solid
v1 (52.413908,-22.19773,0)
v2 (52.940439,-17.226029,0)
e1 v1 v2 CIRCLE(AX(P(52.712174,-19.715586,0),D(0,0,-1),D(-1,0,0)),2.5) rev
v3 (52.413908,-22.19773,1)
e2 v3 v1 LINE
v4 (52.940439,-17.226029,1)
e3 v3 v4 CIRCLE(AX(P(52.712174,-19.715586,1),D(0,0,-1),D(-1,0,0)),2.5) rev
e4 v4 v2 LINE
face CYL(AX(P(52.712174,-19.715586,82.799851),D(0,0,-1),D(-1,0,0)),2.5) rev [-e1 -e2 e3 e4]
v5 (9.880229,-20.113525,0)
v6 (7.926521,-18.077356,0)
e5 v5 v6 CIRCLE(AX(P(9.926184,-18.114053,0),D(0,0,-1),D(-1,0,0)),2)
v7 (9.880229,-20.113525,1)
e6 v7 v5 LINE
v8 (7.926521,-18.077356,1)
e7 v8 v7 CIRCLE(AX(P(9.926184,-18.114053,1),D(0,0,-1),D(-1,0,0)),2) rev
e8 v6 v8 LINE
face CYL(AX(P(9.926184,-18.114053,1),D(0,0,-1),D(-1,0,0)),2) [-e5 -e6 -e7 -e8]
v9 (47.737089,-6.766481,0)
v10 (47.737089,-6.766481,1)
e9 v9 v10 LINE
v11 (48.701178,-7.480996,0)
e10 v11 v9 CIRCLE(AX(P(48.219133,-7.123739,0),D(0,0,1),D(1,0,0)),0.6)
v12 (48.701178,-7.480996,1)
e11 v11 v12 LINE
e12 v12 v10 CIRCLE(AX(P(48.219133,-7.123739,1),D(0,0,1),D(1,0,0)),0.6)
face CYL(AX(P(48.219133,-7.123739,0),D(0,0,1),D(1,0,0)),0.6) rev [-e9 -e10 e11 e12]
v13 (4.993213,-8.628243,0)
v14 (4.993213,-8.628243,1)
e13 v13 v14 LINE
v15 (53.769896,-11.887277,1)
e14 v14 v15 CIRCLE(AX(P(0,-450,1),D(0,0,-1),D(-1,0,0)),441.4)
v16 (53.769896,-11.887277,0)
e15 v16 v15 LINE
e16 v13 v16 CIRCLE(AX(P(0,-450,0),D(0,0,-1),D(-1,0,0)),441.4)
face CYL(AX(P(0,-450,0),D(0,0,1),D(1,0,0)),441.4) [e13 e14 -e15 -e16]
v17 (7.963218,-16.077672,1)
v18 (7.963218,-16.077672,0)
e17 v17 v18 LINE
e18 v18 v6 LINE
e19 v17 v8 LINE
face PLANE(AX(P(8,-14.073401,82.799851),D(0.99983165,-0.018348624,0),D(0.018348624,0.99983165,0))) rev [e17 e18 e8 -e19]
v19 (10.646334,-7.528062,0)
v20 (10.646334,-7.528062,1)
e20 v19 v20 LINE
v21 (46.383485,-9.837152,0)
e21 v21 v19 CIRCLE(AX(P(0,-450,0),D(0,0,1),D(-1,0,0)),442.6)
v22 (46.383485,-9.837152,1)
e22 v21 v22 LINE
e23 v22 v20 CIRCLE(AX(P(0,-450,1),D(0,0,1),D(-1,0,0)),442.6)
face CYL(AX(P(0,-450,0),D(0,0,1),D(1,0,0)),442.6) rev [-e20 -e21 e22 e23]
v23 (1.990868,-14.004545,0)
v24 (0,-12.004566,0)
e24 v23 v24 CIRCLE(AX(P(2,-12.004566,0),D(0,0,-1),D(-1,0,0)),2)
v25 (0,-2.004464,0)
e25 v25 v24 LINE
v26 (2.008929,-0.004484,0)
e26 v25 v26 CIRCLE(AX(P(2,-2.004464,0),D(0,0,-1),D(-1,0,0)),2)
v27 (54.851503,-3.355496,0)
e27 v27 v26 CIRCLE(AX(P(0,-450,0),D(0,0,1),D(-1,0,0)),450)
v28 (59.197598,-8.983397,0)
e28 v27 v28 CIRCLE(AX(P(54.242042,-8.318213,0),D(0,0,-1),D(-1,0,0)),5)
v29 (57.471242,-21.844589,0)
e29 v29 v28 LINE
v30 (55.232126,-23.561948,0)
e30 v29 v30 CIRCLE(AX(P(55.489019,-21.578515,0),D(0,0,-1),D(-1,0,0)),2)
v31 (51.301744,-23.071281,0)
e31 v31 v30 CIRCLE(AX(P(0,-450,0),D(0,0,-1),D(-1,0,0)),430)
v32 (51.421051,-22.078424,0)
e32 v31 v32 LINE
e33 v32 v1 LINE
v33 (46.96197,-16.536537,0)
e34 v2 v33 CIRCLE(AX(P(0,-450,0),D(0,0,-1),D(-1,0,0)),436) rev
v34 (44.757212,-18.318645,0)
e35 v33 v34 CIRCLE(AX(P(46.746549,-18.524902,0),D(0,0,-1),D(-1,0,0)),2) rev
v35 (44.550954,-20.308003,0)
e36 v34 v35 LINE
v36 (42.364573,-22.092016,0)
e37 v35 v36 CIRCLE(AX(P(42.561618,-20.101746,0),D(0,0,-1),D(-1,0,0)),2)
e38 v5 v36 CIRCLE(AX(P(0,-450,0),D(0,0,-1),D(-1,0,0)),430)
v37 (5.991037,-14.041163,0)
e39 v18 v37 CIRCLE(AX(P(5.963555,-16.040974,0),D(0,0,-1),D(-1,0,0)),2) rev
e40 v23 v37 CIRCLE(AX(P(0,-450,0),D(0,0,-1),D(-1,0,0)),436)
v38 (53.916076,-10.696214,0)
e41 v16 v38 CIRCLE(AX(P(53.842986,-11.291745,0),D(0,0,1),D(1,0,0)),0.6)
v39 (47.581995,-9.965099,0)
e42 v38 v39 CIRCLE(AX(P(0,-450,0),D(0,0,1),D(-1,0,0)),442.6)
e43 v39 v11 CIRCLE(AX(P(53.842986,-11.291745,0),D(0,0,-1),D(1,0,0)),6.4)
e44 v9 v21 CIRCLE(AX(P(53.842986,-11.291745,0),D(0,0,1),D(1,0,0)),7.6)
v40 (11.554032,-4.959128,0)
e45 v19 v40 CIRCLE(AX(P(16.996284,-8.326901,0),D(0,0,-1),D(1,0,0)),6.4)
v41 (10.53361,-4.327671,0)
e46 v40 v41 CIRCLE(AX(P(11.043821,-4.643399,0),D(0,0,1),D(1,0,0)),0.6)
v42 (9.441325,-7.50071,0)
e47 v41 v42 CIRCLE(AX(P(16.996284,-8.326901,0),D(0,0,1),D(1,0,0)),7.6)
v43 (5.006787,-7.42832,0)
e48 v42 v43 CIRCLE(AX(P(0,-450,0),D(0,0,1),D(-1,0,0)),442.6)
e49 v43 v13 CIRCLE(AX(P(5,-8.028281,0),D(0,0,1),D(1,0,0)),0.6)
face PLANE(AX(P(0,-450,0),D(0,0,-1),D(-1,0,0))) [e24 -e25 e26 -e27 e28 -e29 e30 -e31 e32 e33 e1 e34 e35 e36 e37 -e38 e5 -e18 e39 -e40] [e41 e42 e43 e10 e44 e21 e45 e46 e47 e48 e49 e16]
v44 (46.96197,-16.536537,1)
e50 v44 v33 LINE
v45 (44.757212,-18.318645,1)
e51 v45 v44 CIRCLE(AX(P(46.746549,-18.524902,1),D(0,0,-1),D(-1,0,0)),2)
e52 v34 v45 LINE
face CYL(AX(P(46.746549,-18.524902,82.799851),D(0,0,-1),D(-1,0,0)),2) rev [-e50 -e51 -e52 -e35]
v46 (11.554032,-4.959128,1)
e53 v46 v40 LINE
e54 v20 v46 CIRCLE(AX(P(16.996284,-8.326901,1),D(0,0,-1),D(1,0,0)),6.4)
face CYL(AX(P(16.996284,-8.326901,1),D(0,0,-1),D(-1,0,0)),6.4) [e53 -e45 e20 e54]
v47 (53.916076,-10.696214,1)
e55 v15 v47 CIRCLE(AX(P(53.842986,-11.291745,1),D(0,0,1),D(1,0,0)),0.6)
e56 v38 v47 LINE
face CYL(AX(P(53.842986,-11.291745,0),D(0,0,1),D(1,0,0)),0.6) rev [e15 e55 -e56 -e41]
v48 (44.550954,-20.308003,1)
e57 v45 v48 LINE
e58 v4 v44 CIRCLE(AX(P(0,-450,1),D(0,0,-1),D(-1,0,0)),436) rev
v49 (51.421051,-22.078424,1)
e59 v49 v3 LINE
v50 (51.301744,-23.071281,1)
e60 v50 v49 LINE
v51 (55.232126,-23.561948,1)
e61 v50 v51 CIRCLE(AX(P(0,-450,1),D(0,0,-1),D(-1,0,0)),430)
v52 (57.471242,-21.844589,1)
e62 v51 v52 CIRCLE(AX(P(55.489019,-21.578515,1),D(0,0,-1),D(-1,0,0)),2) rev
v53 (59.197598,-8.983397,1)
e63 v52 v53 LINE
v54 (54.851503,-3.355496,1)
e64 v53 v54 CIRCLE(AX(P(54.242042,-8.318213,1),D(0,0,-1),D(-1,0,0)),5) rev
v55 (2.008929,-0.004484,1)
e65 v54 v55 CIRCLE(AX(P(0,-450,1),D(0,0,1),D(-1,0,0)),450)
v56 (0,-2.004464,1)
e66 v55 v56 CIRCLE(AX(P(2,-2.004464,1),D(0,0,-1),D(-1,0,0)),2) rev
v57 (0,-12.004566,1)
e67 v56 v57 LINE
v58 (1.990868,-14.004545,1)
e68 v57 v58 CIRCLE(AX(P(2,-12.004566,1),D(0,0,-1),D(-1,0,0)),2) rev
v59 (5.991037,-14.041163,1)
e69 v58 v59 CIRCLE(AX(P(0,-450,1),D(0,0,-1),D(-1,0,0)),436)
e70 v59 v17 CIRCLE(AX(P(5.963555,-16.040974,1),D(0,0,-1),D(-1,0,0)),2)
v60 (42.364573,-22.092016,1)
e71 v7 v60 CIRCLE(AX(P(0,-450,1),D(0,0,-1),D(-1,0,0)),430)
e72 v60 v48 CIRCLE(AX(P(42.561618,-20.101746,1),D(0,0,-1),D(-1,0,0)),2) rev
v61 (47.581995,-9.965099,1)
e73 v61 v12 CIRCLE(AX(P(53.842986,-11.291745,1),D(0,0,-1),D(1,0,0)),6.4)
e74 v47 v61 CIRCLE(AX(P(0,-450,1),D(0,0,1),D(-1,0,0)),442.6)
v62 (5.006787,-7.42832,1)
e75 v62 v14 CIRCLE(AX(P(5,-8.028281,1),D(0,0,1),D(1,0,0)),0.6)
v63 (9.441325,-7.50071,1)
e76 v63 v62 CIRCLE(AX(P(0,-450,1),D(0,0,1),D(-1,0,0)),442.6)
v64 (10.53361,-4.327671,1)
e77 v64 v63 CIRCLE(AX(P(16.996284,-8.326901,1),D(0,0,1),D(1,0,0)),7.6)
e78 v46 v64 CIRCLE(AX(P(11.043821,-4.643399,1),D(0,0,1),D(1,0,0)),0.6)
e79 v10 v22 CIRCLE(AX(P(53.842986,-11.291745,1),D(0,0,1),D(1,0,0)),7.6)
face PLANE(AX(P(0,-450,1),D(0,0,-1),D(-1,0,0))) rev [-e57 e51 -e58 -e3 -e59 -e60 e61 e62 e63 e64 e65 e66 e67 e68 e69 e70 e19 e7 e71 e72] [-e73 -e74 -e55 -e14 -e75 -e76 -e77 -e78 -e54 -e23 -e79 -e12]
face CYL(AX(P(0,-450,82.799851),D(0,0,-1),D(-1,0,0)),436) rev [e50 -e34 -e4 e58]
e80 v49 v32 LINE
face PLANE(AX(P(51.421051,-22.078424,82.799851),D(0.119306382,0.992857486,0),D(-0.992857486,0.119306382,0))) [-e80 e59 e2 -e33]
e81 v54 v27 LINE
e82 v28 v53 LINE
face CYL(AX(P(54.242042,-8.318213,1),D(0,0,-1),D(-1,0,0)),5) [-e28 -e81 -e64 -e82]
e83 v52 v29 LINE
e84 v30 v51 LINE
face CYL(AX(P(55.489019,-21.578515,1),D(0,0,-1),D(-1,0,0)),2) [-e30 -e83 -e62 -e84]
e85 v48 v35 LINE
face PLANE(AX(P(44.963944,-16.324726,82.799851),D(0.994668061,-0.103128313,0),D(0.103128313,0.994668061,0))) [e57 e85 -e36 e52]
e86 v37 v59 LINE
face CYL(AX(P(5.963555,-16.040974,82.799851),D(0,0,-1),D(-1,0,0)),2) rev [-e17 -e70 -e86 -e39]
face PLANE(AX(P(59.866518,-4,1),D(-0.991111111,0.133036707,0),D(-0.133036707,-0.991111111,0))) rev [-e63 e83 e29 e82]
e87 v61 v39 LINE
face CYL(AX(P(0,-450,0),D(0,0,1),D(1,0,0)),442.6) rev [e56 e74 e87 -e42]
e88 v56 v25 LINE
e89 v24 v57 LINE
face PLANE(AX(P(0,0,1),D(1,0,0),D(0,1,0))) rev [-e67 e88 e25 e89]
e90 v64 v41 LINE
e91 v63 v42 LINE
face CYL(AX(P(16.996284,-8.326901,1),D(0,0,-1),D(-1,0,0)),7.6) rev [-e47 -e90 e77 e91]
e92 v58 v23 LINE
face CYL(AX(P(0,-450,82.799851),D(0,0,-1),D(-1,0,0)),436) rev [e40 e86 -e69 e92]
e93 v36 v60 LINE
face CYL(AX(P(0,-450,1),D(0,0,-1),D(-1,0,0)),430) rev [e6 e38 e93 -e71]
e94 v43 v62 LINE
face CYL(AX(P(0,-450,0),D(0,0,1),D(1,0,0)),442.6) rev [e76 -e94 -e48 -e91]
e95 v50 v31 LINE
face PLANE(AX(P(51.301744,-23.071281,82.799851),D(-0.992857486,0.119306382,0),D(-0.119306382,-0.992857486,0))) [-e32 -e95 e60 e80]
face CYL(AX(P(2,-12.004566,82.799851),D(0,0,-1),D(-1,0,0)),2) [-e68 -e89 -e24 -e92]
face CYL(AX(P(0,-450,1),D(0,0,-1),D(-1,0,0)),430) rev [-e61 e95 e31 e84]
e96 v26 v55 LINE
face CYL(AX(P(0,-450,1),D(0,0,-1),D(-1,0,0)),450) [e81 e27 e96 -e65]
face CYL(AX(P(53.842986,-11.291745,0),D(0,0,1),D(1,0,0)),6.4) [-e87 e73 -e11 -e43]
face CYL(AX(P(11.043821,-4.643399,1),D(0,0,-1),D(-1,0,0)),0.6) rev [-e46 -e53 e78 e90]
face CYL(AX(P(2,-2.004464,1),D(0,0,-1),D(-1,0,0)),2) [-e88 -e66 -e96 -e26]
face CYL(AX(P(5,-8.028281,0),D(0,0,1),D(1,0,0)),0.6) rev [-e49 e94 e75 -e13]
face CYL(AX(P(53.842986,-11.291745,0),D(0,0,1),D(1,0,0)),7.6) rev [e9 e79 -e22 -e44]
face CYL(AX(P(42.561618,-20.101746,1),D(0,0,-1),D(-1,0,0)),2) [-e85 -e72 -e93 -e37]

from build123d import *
from OCP.BRepFilletAPI import BRepFilletAPI_MakeFillet

# Parameters (mm, degrees)
P_IDAT_VYSUNUT_M1_DEPTH       = 1
ODEBRAT_VYSUNUT_M1_DEPTH      = 65.439881064
ODEBRAT_VYSUNUT_M3_DEPTH      = 65.439881064
ODEBRAT_VYSUNUT_M3_DEPTH_BACK = 65.439881064
ODEBRAT_VYSUNUT_M4_DEPTH      = 65.439881064
ODEBRAT_VYSUNUT_M4_DEPTH_BACK = 65.439881064
ZAOBLIT1_R1                   = 2
ZAOBLIT1_R2                   = 5
ODEBRAT_VYSUNUT_M5_DEPTH      = 64.769631591
ODEBRAT_VYSUNUT_M8_DEPTH      = 64.769631591


with BuildPart() as part:
    # Skica1 → Přidat vysunutím1 (new body)
    with BuildSketch(Plane.XY):
        with BuildLine():
            Line((0, 0), (0, -20))
            ThreePointArc((0, -20), (28.666666667, -20.95661965), (57.205784047, -23.822222222))
            Line((57.205784047, -23.822222222), (59.866518188, -4))
            ThreePointArc((59.866518188, -4), (30, -1.001113587), (0, 0))
        make_face()
    extrude(amount=P_IDAT_VYSUNUT_M1_DEPTH)

    # Skica2 → Odebrat vysunutím1 (cut, through all)
    with BuildSketch(Plane.XY.offset(1)):
        with BuildLine():
            ThreePointArc((5.00678733, -7.428319839), (4.400038391, -8.021494117), (4.99321267, -8.628243057))
            ThreePointArc((4.99321267, -8.628243057), (29.426706516, -9.581983857), (53.769895868, -11.887276722))
            ThreePointArc((53.769895868, -11.887276722), (54.438517462, -11.36483518), (53.916075921, -10.696213586))
            ThreePointArc((53.916075921, -10.696213586), (29.506706624, -8.3846535), (5.00678733, -7.428319839))
        make_face()
    extrude(amount=-ODEBRAT_VYSUNUT_M1_DEPTH, mode=Mode.SUBTRACT)

    # Skica4 → Odebrat vysunutím3 (cut, two sides: drawn at the far end of the back side and taken through both)
    with BuildSketch(Plane.XY.offset(1).offset(-ODEBRAT_VYSUNUT_M3_DEPTH_BACK)):
        with BuildLine():
            Line((-132.963409192, -14), (0, -14))
            ThreePointArc((0, -14), (4.000168361, -14.018350555), (8, -14.073400674))
            Line((8, -14.073400674), (7.889908257, -20.072390573))
            Line((7.889908257, -20.072390573), (5.450212675, -153.013415352))
            Line((5.450212675, -153.013415352), (-182.994540511, -340.645096397))
            Line((-182.994540511, -340.645096397), (-321.408162378, -201.631681045))
            Line((-321.408162378, -201.631681045), (-132.963409192, -14))
        make_face()
    extrude(amount=ODEBRAT_VYSUNUT_M3_DEPTH + ODEBRAT_VYSUNUT_M3_DEPTH_BACK, mode=Mode.SUBTRACT)

    # Skica5 → Odebrat vysunutím4 (cut, two sides: drawn at the far end of the back side and taken through both)
    with BuildSketch(Plane.XY.offset(1).offset(-ODEBRAT_VYSUNUT_M4_DEPTH_BACK)):
        with BuildLine():
            Line((36.686520611, -144.697920219), (51.301744348, -23.071281094))
            Line((51.301744348, -23.071281094), (51.42105073, -22.078423608))
            Line((51.42105073, -22.078423608), (52.413908216, -22.19772999))
            ThreePointArc((52.413908216, -22.19772999), (55.198271053, -19.978877549), (52.940438573, -17.226029013))
            ThreePointArc((52.940438573, -17.226029013), (48.954265765, -16.757019834), (44.963944364, -16.324725506))
            Line((44.963944364, -16.324725506), (44.345174487, -22.292733871))
            Line((44.345174487, -22.292733871), (31.711790282, -144.141171338))
            Line((31.711790282, -144.141171338), (4.462279657, -387.624313691))
            Line((4.462279657, -387.624313691), (9.437009987, -388.181062571))
            Line((9.437009987, -388.181062571), (36.686520611, -144.697920219))
        make_face()
    extrude(amount=ODEBRAT_VYSUNUT_M4_DEPTH + ODEBRAT_VYSUNUT_M4_DEPTH_BACK, mode=Mode.SUBTRACT)

    # Zaoblit1: one fillet with a radius per group of edges: ONE call of the kernel's fillet builder (fillet() takes one radius for all edges)
    zaoblit1_edges_1 = [part.edges().sort_by_distance(p)[0] for p in [
        (0, 0, 0.5),
        (57.205784047, -23.822222222, 0.5),
        (44.345174487, -22.292733871, 0.5),
        (0, -14, 0.5),
        (7.889908257, -20.072390573, 0.5),
        (8, -14.073400674, 0.5),
        (44.963944364, -16.324725506, 0.5),
    ]]
    zaoblit1_edges_2 = [part.edges().sort_by_distance(p)[0] for p in [
        (59.866518188, -4, 0.5),
    ]]
    zaoblit1 = BRepFilletAPI_MakeFillet(part.part.solid().wrapped)
    for e in zaoblit1_edges_1:
        zaoblit1.Add(ZAOBLIT1_R1, e.wrapped)
    for e in zaoblit1_edges_2:
        zaoblit1.Add(ZAOBLIT1_R2, e.wrapped)
    add(Compound.cast(zaoblit1.Shape()), mode=Mode.REPLACE)

    # Skica6 → Odebrat vysunutím5 (cut, through all)
    with BuildSketch(Plane.XY.offset(1)):
        with BuildLine():
            ThreePointArc((47.737088512, -6.766480836), (46.77391733, -8.500998009), (46.292491489, -10.425699987))
            ThreePointArc((46.292491489, -10.425699987), (46.820211166, -11.090163638), (47.484674816, -10.562443961))
            ThreePointArc((47.484674816, -10.562443961), (47.890086051, -8.941642295), (48.701177572, -7.480996255))
            ThreePointArc((48.701177572, -7.480996255), (48.576390751, -6.641694015), (47.737088512, -6.766480836))
        make_face()
    extrude(amount=-ODEBRAT_VYSUNUT_M5_DEPTH, mode=Mode.SUBTRACT)

    # Skica7 → Odebrat vysunutím8 (cut, through all)
    with BuildSketch(Plane.XY):
        with BuildLine():
            ThreePointArc((10.533609812, -4.327670598), (9.718743083, -6.136604196), (9.399828731, -8.094802905))
            ThreePointArc((9.399828731, -8.094802905), (9.981225335, -8.712846584), (10.599269014, -8.13144998))
            ThreePointArc((10.599269014, -8.13144998), (10.867828468, -6.482440541), (11.55403203, -4.959128038))
            ThreePointArc((11.55403203, -4.959128038), (11.359549641, -4.133188209), (10.533609812, -4.327670598))
        make_face()
    extrude(amount=ODEBRAT_VYSUNUT_M8_DEPTH, mode=Mode.SUBTRACT)


solid = part.part
